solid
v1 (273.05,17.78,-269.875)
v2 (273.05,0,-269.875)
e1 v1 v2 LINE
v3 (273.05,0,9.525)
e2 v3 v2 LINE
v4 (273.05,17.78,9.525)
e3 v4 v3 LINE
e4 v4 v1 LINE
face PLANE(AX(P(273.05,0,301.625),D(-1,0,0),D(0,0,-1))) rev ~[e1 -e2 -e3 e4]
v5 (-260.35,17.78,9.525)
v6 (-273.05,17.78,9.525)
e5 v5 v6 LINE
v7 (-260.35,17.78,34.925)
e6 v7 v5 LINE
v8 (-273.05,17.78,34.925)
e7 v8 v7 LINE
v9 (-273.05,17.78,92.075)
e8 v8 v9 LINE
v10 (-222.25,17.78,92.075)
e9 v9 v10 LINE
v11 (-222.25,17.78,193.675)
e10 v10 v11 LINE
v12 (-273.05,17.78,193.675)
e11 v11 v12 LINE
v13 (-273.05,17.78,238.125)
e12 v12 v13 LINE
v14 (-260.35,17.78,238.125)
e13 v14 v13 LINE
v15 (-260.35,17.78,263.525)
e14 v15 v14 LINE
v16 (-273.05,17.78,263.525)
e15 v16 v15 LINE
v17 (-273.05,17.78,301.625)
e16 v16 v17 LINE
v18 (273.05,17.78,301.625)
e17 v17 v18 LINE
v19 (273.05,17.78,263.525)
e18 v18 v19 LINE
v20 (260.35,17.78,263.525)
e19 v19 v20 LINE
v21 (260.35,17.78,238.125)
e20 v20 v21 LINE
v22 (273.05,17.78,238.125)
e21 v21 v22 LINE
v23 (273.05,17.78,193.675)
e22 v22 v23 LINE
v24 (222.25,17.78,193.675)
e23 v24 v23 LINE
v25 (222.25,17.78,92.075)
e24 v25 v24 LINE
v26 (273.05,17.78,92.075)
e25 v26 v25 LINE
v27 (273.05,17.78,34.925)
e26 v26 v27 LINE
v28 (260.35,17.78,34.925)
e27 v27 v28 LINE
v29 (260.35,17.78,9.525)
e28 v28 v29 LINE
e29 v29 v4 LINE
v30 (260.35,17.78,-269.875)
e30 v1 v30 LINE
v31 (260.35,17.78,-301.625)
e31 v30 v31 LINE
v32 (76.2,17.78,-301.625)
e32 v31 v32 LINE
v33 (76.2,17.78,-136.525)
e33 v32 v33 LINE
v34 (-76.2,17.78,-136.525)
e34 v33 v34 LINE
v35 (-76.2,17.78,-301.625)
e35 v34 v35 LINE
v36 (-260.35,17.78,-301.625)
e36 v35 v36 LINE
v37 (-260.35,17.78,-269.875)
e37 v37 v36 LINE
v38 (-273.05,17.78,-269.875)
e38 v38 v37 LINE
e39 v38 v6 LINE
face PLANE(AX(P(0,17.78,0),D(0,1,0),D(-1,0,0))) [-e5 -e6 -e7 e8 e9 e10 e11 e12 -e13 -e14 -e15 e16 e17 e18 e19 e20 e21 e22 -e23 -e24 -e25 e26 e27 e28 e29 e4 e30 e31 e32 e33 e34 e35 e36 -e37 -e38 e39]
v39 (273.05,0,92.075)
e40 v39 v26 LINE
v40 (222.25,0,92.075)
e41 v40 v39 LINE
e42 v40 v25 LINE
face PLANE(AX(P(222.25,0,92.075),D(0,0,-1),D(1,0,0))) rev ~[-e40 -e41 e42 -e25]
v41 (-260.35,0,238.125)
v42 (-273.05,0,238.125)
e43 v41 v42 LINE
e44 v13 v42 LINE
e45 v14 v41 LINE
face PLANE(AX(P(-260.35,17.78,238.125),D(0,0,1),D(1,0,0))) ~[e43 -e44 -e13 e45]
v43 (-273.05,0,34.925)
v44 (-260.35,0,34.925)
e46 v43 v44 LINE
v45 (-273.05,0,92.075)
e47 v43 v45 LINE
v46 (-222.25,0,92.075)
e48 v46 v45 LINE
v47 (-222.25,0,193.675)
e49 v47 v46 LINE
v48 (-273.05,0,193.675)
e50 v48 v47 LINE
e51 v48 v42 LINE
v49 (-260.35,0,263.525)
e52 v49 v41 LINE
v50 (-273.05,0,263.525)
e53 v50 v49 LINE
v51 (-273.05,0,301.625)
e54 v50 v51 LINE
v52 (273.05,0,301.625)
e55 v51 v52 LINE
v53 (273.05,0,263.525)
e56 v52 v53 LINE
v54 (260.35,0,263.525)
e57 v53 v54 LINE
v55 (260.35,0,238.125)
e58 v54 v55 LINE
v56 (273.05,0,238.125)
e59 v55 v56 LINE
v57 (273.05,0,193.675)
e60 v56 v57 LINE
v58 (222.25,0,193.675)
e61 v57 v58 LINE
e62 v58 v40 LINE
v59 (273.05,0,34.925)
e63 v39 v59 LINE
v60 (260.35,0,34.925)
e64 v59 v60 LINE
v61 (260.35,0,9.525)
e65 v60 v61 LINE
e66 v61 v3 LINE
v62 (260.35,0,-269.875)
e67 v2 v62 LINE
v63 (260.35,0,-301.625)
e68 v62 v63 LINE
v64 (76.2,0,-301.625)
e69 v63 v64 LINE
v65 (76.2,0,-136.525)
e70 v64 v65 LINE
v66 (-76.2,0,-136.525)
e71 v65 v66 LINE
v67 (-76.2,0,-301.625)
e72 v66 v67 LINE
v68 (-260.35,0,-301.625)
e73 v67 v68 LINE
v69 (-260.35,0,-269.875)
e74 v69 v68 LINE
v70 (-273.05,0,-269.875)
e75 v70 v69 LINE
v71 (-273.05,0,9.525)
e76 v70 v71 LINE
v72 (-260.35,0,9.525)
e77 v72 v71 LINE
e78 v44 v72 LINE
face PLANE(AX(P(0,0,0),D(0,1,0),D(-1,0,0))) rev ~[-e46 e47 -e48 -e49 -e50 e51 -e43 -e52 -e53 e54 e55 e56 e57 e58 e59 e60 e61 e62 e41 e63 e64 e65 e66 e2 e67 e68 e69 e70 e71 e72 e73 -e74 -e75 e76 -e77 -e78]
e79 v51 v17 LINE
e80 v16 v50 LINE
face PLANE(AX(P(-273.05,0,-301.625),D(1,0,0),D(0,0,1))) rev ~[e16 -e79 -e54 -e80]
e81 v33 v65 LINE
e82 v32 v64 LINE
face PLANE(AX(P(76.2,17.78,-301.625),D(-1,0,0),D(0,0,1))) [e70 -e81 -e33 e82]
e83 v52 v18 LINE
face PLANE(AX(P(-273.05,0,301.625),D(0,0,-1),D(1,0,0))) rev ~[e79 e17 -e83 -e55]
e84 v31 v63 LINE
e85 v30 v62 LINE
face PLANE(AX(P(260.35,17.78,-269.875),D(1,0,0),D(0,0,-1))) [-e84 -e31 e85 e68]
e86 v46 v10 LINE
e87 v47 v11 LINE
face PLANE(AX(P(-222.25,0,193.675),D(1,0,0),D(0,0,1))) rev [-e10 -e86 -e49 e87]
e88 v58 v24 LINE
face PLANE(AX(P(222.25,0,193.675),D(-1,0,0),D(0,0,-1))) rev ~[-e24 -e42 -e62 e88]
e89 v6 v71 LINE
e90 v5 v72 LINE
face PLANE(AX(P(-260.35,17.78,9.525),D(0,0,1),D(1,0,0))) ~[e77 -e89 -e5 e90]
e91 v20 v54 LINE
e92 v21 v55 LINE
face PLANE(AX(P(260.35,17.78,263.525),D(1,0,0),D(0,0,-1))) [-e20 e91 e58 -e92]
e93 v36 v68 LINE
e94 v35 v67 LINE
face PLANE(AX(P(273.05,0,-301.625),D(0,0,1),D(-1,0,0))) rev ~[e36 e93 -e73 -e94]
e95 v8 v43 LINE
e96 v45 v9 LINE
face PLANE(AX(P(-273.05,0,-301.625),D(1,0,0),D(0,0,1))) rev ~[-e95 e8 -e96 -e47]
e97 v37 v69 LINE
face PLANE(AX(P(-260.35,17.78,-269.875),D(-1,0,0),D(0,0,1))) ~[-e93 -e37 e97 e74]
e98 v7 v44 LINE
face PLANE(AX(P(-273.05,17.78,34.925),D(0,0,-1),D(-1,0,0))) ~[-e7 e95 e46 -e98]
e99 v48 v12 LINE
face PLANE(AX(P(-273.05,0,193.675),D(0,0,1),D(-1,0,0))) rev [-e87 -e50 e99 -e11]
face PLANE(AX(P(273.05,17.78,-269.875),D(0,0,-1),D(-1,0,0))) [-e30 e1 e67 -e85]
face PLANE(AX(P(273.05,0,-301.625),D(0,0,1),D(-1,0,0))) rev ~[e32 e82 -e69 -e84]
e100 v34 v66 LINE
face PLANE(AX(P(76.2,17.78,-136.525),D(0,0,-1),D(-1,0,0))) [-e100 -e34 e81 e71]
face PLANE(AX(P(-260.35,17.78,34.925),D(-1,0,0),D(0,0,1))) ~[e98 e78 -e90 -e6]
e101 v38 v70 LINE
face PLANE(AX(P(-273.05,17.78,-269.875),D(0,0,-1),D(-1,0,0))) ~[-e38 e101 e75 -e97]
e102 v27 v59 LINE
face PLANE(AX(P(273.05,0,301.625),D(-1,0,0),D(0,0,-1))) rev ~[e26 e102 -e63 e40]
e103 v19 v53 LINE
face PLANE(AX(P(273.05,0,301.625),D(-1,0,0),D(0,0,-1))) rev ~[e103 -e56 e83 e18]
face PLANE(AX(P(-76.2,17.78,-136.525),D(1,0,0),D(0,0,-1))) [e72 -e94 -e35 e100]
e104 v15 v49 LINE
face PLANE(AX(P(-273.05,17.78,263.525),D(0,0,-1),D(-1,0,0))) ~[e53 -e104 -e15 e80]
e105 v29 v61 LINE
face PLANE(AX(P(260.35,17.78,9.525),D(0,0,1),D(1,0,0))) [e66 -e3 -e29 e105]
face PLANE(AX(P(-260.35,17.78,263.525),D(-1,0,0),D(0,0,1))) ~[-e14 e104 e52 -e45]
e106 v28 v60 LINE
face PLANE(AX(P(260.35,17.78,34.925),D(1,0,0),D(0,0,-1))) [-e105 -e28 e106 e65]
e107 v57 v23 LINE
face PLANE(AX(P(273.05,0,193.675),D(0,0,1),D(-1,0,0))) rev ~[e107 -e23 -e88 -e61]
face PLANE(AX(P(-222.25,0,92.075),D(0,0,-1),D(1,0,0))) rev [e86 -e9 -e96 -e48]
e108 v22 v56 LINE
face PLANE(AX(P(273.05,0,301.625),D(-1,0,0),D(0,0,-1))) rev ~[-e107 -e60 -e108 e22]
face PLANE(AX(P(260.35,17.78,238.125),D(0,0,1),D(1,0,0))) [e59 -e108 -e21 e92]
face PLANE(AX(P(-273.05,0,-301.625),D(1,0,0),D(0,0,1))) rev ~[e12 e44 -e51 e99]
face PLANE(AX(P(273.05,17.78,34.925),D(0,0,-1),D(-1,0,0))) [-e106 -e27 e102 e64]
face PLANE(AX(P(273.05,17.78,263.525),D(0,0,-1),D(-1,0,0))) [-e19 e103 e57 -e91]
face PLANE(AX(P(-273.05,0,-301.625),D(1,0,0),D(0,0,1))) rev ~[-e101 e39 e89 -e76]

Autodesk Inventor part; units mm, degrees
ref_plane "XZ Plane" through (0, 0, 0) normal (0, 1, 0) x (-1, 0, 0)
ref_plane "XY Plane" through (0, 0, 0) normal (0, 0, 1) x (1, 0, 0)
sketch "Sketch1" plane through (0, 0, 0) normal (0, 1, 0) x (-1, 0, 0)
  line L0 (-273.05, 301.625) -> (-273.05, -301.625)
  line L1 (-273.05, -301.625) -> (273.05, -301.625)
  line L2 (273.05, -301.625) -> (273.05, 301.625)
  line L3 (273.05, 301.625) -> (-273.05, 301.625)
  line L4 (-273.05, 301.625) -> (273.05, -301.625) construction
  line L5 (-273.05, -301.625) -> (273.05, 301.625) construction
  point P0 (0, 0)
  dimension "baseLength" = 603.25
  dimension "baseWidth" = 546.1
extrude "Extrusion1" add sketch "Sketch1" along normal blind 17.78
sketch "Sketch2" plane through (0, 0, 0) normal (0, -1, 0) x (1, 0, 0)
  line L0 (273.05, 301.625) -> (273.05, -301.625) projected
  line L1 (273.05, 193.675) -> (222.25, 193.675)
  line L2 (222.25, 193.675) -> (222.25, 92.075)
  line L3 (222.25, 92.075) -> (273.05, 92.075)
  line L4 (273.05, 92.075) -> (273.05, 193.675)
  line L5 (-273.05, 301.625) -> (273.05, 301.625) projected
  point P0 (0, 0)
  dimension "backToEndOfGearBox" = 107.95
  dimension "backToFrontOfGearBox" = 209.55
  dimension "wdithForGearBox" = 50.8
extrude "Extrusion2" cut sketch "Sketch2" against normal through all
mirror "Mirror1" about plane through (0, 0, 0) normal (1, 0, 0) of "Extrusion2"
sketch "Sketch3" plane through (0, 17.78, 0) normal (0, 1, 0) x (1, 0, 0)
  line L0 (273.05, -263.525) -> (260.35, -263.525)
  line L1 (260.35, -263.525) -> (260.35, -238.125)
  line L2 (260.35, -238.125) -> (273.05, -238.125)
  line L3 (273.05, -238.125) -> (273.05, -263.525)
  line L4 (273.05, -301.625) -> (273.05, -193.675) projected
  line L5 (-273.05, -301.625) -> (273.05, -301.625) projected
  point P0 (0, 0)
  dimension "d9" = 25.4
  dimension "d10" = 12.7
  dimension "d11" = 38.1
extrude "Extrusion3" cut sketch "Sketch3" against normal through all
mirror "Mirror2" about plane through (0, 0, 0) normal (1, 0, 0) of "Extrusion3"
sketch "Sketch4" plane through (0, 17.78, 0) normal (0, 1, 0) x (1, 0, 0)
  line L0 (273.05, -92.075) -> (273.05, 301.625) projected
  line L1 (273.05, -34.925) -> (260.35, -34.925)
  line L2 (260.35, -34.925) -> (260.35, -9.525)
  line L3 (260.35, -9.525) -> (273.05, -9.525)
  line L4 (273.05, -9.525) -> (273.05, -34.925)
  line L5 (-273.05, -301.625) -> (273.05, -301.625) projected
  point P0 (0, 0)
  dimension "d14" = 25.4
  dimension "d15" = 266.7
  dimension "d16" = 12.7
extrude "Extrusion4" cut sketch "Sketch4" against normal through all
mirror "Mirror3" about plane through (0, 0, 0) normal (1, 0, 0) of "Extrusion4"
sketch "Sketch5" plane through (0, 17.78, 0) normal (0, 1, 0) x (1, 0, 0)
  line L0 (273.05, 269.875) -> (260.35, 269.875)
  line L1 (260.35, 269.875) -> (260.35, 301.625)
  line L2 (260.35, 301.625) -> (273.05, 301.625)
  line L3 (273.05, 301.625) -> (273.05, 269.875)
  line L4 (273.05, -9.525) -> (273.05, 301.625) projected
  line L5 (273.05, 301.625) -> (-273.05, 301.625) projected
  point P0 (0, 0)
  dimension "d19" = 12.7
  dimension "d20" = 31.75
extrude "Extrusion5" cut sketch "Sketch5" against normal through all
mirror "Mirror4" about plane through (0, 0, 0) normal (1, 0, 0) of "Extrusion5"
sketch "Sketch8" plane through (0, 17.78, 0) normal (0, 1, 0) x (1, 0, 0)
  line L0 (-76.2, 301.625) -> (76.2, 301.625)
  line L1 (76.2, 301.625) -> (76.2, 136.525)
  line L2 (76.2, 136.525) -> (-76.2, 136.525)
  line L3 (-76.2, 136.525) -> (-76.2, 301.625)
  line L4 (260.35, 301.625) -> (-260.35, 301.625) projected
  point P0 (0, 0)
  dimension "d23" = 76.2
  dimension "d24" = 76.2
  dimension "d25" = 165.1
extrude "Extrusion6" cut sketch "Sketch8" against normal through all
equation "\"baseLength\" = userBaseLength"
equation "\"baseWidth\" = userBaseWidth"
equation "\"d9\" = lengthOfSpacingForBolt"
equation "\"d10\" = widthOfSpacingForBolt"
equation "\"d11\" = distanceFromBackForEndBolt"
equation "\"d14\" = lengthOfSpacingForBolt"
equation "\"d16\" = widthOfSpacingForBolt"
equation "\"d19\" = widthOfSpacingForBolt"
equation "\"spaceingAlongSides\" = 3.175"
equation "\"distanceFromBackForEndBolt\" = 38.1"
equation "\"widthOfSpacingForBolt\" = 12.7"
equation "\"lengthOfSpacingForBolt\" = 25.4"
equation "\"userBaseLength\" = 603.25"
equation "\"userBaseWidth\" = 546.1"
properties part number "RhinoBottomFloorPlate01-ExtendedBy3Inches" material "Wood (Birch)"
